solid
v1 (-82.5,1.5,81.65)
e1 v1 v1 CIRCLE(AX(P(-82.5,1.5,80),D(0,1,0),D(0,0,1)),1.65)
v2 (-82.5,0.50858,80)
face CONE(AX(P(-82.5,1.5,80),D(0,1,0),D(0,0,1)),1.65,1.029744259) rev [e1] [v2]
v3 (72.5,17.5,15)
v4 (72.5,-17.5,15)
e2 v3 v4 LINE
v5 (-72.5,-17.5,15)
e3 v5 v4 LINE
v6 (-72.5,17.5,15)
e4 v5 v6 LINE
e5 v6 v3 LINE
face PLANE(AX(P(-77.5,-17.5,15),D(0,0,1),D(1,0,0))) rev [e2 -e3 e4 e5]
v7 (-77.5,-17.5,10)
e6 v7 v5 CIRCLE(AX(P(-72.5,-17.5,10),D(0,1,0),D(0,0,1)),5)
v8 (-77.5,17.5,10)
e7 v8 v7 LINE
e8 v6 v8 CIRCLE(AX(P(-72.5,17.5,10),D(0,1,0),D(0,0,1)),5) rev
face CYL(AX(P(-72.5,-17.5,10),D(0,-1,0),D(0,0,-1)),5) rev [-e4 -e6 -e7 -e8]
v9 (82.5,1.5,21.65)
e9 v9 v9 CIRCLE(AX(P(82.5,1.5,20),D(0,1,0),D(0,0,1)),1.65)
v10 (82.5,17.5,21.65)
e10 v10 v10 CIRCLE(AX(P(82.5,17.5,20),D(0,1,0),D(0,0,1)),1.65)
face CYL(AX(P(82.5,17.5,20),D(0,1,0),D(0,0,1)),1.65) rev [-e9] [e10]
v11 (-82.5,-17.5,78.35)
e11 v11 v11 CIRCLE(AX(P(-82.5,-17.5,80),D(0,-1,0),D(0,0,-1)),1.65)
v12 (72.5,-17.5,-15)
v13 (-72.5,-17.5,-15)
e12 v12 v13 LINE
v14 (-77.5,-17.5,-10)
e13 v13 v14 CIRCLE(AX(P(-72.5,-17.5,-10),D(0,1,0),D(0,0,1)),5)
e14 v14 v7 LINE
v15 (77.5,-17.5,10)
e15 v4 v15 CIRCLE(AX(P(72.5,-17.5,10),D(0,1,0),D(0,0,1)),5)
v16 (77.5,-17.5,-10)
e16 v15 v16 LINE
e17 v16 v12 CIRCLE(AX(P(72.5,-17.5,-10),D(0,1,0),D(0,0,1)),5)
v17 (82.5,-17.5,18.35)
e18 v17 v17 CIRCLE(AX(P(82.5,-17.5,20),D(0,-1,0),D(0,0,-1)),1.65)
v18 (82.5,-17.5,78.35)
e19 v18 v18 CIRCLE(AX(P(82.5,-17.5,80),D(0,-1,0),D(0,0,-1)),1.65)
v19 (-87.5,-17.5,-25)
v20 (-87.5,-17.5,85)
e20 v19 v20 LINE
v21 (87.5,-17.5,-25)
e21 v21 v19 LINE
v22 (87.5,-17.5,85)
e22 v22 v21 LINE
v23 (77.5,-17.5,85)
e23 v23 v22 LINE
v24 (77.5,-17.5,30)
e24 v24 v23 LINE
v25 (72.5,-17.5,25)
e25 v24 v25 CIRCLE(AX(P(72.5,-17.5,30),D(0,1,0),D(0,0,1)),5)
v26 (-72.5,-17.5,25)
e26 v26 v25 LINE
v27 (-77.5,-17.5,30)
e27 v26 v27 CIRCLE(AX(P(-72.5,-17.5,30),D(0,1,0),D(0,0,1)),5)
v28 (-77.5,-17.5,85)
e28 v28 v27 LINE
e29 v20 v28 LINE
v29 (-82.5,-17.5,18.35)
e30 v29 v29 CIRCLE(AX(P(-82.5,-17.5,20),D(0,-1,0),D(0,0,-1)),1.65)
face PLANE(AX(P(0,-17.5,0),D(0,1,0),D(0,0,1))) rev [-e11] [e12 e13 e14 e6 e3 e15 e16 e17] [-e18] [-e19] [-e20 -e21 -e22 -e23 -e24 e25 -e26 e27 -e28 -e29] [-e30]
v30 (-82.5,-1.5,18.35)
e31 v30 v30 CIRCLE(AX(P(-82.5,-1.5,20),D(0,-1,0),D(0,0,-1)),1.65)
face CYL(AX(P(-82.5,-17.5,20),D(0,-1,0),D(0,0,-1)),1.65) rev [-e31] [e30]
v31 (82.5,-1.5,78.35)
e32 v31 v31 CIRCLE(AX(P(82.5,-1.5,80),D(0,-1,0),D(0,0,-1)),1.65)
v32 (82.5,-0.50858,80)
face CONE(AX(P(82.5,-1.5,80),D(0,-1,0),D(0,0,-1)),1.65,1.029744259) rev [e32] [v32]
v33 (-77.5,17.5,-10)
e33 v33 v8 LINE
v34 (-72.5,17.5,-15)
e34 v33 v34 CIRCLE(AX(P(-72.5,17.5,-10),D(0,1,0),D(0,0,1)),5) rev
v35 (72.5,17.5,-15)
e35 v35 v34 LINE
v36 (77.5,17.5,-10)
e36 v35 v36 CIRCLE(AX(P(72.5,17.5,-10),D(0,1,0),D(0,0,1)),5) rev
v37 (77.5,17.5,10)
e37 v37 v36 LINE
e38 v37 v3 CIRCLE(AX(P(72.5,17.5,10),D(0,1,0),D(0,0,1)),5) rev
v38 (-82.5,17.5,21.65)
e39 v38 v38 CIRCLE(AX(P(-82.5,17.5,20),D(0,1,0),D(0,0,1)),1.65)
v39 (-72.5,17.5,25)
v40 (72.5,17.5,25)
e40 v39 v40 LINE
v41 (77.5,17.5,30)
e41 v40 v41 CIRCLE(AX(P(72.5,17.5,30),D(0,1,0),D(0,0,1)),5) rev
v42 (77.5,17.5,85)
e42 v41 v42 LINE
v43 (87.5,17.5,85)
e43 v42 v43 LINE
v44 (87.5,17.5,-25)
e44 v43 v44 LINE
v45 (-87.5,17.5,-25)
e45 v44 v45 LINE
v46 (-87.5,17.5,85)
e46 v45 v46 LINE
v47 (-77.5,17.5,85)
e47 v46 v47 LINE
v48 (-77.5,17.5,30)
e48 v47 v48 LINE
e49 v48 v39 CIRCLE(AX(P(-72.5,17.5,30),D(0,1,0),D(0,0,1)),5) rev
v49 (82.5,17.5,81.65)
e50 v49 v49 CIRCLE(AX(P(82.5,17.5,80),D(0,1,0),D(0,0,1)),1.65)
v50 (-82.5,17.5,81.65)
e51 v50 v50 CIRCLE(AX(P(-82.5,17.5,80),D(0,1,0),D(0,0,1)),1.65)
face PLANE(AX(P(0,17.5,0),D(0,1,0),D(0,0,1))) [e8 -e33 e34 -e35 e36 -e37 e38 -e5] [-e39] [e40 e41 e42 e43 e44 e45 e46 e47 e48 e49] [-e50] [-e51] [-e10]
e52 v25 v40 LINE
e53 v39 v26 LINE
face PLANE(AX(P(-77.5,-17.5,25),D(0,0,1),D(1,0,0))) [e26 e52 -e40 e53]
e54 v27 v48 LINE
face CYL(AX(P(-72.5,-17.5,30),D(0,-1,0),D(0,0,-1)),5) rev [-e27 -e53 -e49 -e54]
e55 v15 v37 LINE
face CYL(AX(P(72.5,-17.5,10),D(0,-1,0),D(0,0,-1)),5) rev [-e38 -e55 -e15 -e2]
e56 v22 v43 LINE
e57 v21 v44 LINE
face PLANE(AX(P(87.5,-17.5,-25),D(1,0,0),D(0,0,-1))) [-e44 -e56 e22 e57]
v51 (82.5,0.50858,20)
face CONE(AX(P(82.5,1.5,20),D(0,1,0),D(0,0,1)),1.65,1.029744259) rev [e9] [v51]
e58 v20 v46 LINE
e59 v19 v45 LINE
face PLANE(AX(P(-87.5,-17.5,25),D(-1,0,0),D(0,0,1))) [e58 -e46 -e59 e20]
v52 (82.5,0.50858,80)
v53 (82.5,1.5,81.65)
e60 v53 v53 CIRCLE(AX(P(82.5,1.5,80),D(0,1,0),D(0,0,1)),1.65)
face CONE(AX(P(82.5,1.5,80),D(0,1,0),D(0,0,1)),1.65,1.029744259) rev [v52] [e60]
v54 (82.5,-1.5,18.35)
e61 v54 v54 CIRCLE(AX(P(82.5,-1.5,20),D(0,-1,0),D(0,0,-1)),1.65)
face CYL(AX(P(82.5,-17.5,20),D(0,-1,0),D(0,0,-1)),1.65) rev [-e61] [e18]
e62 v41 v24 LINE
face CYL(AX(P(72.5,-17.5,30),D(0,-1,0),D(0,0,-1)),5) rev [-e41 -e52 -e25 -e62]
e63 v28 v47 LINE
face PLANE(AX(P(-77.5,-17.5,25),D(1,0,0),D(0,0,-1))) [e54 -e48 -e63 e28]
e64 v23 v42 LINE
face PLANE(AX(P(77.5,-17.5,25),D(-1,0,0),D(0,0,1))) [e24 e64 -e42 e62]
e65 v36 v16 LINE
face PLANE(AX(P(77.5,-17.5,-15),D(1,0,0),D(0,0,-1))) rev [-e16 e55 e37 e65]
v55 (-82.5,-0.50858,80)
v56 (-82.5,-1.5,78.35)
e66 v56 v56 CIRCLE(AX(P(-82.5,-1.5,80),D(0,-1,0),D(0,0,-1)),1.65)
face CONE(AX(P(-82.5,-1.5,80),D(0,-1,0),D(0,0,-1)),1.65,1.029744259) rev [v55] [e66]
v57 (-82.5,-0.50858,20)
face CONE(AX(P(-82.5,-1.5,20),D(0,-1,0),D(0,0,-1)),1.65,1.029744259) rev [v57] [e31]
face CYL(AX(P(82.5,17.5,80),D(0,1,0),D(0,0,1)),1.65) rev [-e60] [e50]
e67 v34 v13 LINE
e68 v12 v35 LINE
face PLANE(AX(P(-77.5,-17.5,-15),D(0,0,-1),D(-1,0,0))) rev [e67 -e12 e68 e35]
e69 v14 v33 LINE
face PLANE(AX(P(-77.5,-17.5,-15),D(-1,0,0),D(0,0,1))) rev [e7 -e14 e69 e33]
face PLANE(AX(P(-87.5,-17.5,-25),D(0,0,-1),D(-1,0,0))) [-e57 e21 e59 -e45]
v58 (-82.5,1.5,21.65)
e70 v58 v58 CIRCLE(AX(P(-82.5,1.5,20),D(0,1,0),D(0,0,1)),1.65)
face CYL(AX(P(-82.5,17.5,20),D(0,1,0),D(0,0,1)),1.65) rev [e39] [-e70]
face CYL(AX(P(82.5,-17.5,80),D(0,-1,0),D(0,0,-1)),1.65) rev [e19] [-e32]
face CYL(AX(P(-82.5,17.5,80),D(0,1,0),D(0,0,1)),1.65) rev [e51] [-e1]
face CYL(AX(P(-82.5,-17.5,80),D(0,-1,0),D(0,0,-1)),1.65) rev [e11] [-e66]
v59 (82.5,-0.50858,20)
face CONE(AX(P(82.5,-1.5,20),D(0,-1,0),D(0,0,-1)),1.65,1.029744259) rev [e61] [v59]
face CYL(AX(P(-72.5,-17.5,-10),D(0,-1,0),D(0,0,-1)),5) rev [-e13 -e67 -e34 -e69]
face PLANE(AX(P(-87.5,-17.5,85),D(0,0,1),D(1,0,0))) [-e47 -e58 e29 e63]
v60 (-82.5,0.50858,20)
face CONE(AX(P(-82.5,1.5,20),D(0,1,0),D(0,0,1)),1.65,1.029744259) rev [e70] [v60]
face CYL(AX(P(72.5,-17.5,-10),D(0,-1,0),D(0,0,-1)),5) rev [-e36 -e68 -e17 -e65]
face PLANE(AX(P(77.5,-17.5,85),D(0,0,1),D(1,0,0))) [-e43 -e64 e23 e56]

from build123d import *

# Parameters (mm, degrees)
SKETCH1_W                  = 155
SKETCH1_H                  = 30
BOSS_EXTRUDE1_DEPTH        = 17.5
FILLET1_R                  = 5
M4_TAPPED_HOLE2_AT_2_COUNT = 2
M4_TAPPED_HOLE2_AT_2_PITCH = 60
M4_TAPPED_HOLE2_AT_3_COUNT = 2
M4_TAPPED_HOLE2_AT_3_PITCH = 175.570498661
M4_TAPPED_HOLE2_AT_4_COUNT = 2
M4_TAPPED_HOLE2_AT_4_PITCH = 165


with BuildPart() as part:
    # Sketch1 → Boss-Extrude1 (new, symmetric)
    with BuildSketch(Plane(origin=(0, 0, 0), x_dir=(1, 0, 0), z_dir=(0, 1, 0))):
        Polygon((-87.5, 25), (87.5, 25), (87.5, -25), (87.5, -85), (77.5, -85), (77.5, -25), (-77.5, -25), (-77.5, -85), (-87.5, -85), (-87.5, -25), align=None)
        Rectangle(SKETCH1_W, SKETCH1_H, mode=Mode.SUBTRACT)
    extrude(amount=BOSS_EXTRUDE1_DEPTH, both=True)

    # Fillet1
    fillet1_edges = [part.edges().sort_by_distance(p)[0] for p in [
        (77.5, 0, 25),
        (-77.5, 0, 25),
        (-77.5, 0, 15),
        (-77.5, 0, -15),
        (77.5, 0, -15),
        (77.5, 0, 15),
    ]]
    fillet(fillet1_edges, radius=FILLET1_R)

    # Sketch4 → M4 Tapped Hole2 (revolve, cut)
    with BuildSketch(Plane(origin=(-82.5, 17.5, 20), x_dir=(0, 0, 1), z_dir=(1, 0, 0))):
        Polygon((0, 0), (0, 16.991420021), (1.65, 16), (1.65, 0), align=None)
    m4_tapped_hole2 = revolve(axis=Axis((-82.5, 23.85, 20), (0, -1, 0)), mode=Mode.SUBTRACT)

    # M4 Tapped Hole2 at 2: M4 Tapped Hole2 ×2
    with Locations(*[(0, 0, i * M4_TAPPED_HOLE2_AT_2_PITCH) for i in range(1, M4_TAPPED_HOLE2_AT_2_COUNT)]):
        add(m4_tapped_hole2, mode=Mode.SUBTRACT)

    # M4 Tapped Hole2 at 3: M4 Tapped Hole2 ×2
    with Locations(*[Vector(0.9397934234884371, 0, 0.3417430630867045) * (i * M4_TAPPED_HOLE2_AT_3_PITCH) for i in range(1, M4_TAPPED_HOLE2_AT_3_COUNT)]):
        add(m4_tapped_hole2, mode=Mode.SUBTRACT)

    # M4 Tapped Hole2 at 4: M4 Tapped Hole2 ×2
    with Locations(*[(i * M4_TAPPED_HOLE2_AT_4_PITCH, 0, 0) for i in range(1, M4_TAPPED_HOLE2_AT_4_COUNT)]):
        add(m4_tapped_hole2, mode=Mode.SUBTRACT)

    # Mirror1: M4 Tapped Hole2 across plane
    add(m4_tapped_hole2.mirror(Plane.ZX), mode=Mode.SUBTRACT)

    # Mirror1 copy 1 sketch → Mirror1 copy 1 (revolve, cut)
    with BuildSketch(Plane(origin=(-82.5, -17.5, 80), x_dir=(0, 0, 1), z_dir=(1, 0, 0))):
        Polygon((0, 0), (0, -16.991420021), (1.65, -16), (1.65, 0), align=None)
    revolve(axis=Axis((-82.5, -23.85, 80), (0, -1, 0)), mode=Mode.SUBTRACT)

    # Mirror1 copy 2 sketch → Mirror1 copy 2 (revolve, cut)
    with BuildSketch(Plane(origin=(82.5, -17.5, 80), x_dir=(0, 0, 1), z_dir=(1, 0, 0))):
        Polygon((0, 0), (0, -16.991420021), (1.65, -16), (1.65, 0), align=None)
    revolve(axis=Axis((82.5, -23.85, 80), (0, -1, 0)), mode=Mode.SUBTRACT)

    # Mirror1 copy 3 sketch → Mirror1 copy 3 (revolve, cut)
    with BuildSketch(Plane(origin=(82.5, -17.5, 20), x_dir=(0, 0, 1), z_dir=(1, 0, 0))):
        Polygon((0, 0), (0, -16.991420021), (1.65, -16), (1.65, 0), align=None)
    revolve(axis=Axis((82.5, -23.85, 20), (0, -1, 0)), mode=Mode.SUBTRACT)


solid = part.part
